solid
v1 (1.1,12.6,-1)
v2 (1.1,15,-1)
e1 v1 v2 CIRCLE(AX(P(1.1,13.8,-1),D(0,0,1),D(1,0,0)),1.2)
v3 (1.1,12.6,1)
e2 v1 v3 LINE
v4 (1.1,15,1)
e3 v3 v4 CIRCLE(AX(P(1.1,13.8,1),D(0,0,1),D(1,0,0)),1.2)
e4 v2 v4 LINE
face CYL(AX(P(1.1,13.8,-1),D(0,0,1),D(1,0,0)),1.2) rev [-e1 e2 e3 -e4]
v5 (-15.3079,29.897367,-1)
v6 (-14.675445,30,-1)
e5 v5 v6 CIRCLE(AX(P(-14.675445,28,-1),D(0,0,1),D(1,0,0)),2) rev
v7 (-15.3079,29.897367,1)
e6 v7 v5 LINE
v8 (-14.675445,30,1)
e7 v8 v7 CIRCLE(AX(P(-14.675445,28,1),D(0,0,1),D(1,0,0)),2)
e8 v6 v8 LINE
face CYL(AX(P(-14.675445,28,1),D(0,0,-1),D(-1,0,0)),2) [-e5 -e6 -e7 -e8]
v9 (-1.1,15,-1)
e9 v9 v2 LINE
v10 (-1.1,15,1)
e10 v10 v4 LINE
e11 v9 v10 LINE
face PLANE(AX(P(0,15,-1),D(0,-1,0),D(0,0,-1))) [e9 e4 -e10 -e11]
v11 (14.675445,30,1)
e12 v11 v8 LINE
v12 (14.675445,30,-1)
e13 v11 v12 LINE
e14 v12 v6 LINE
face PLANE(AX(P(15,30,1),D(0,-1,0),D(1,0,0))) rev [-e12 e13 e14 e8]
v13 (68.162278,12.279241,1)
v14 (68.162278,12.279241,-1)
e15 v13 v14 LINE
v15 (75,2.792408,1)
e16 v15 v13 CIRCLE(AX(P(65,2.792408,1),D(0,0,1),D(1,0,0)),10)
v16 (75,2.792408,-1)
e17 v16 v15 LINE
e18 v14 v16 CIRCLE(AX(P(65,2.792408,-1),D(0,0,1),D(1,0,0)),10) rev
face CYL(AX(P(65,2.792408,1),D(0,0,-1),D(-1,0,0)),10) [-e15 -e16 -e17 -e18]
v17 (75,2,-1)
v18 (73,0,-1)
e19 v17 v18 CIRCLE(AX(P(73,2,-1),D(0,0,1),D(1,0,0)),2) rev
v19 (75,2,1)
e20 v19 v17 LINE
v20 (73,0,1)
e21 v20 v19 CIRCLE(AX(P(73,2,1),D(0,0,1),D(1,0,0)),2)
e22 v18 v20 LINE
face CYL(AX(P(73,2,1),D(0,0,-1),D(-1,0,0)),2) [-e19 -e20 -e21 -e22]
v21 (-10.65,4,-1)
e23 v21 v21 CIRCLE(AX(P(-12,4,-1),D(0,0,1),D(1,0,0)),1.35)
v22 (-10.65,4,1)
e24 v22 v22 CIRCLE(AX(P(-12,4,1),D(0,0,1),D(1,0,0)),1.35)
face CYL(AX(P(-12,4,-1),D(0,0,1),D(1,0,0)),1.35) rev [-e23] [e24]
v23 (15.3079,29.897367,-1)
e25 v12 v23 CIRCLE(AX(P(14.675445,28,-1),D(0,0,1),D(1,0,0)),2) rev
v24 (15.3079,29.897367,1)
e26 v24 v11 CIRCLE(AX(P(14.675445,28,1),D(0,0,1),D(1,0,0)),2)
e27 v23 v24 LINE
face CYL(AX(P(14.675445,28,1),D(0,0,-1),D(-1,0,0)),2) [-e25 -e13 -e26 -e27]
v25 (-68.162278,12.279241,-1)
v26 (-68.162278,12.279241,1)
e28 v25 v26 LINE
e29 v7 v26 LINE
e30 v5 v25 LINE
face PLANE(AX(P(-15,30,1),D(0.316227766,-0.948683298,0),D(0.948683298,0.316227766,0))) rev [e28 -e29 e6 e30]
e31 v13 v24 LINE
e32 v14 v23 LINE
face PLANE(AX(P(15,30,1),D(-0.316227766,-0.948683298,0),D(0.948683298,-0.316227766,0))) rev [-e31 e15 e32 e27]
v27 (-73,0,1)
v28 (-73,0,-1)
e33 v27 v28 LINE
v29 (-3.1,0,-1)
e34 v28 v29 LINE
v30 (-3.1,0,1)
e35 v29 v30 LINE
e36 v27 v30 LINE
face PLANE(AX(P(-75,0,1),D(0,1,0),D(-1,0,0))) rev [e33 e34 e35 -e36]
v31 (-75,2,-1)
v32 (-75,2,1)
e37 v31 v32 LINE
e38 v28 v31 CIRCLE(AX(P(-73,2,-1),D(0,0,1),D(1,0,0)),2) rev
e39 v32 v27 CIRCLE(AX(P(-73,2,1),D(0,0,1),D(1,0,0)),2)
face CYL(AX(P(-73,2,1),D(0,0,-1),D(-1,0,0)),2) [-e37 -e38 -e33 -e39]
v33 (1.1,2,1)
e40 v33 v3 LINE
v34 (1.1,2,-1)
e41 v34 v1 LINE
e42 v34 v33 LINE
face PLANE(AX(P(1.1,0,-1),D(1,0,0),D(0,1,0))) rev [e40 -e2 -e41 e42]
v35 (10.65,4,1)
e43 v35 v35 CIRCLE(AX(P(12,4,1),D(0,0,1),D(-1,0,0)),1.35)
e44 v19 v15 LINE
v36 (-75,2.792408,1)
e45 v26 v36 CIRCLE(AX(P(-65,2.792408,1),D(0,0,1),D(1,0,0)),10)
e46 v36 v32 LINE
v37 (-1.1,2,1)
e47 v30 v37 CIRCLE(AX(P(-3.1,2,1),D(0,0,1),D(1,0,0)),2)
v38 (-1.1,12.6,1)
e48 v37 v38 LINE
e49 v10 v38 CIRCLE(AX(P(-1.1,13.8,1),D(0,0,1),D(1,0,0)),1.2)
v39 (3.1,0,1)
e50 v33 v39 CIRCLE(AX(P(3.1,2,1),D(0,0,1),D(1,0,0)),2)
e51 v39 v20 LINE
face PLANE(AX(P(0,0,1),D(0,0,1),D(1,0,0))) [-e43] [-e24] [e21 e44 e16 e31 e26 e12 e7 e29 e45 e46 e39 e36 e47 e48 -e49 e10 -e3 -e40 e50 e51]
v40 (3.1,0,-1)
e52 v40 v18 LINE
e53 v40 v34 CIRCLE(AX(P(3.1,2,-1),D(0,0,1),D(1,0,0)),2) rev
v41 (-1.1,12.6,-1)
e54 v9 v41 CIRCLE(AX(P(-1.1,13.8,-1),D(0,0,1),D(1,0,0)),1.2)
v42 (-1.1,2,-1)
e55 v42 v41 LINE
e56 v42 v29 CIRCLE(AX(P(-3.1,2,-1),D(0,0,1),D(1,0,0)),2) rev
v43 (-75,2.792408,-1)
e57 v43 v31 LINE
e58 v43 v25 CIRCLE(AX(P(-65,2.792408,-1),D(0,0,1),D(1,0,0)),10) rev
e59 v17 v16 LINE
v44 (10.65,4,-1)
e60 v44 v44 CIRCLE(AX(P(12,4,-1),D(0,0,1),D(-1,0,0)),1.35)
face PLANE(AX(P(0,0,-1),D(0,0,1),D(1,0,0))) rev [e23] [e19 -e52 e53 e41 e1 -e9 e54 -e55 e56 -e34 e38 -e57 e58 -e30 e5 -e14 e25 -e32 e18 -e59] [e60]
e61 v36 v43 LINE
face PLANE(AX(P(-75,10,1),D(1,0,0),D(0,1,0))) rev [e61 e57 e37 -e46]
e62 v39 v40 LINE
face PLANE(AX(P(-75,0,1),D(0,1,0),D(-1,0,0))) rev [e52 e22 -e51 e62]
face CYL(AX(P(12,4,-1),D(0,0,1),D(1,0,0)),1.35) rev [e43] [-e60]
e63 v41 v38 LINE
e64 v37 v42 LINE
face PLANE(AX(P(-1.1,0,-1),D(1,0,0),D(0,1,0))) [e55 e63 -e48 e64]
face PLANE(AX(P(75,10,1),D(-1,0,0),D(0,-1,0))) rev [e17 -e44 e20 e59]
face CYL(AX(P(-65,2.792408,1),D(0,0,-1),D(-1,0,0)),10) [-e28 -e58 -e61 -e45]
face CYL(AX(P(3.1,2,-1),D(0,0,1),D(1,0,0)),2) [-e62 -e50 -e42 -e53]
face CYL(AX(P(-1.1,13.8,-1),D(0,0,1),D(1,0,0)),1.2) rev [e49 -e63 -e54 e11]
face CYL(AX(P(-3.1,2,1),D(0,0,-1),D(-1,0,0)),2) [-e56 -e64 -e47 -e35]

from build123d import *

# Parameters (mm, degrees)
EXTRUDE_1_DEPTH     = 1
CUT_EXTRUDE_1_DEPTH = 81.802227692
SKETCH_4_R          = 1.35
CUT_EXTRUDE_3_DEPTH = 81.802227692
FILLET_1_R          = 10
FILLET_2_R          = 2


with BuildPart() as part:
    # 草图1 → 凸台-拉伸1 (new, symmetric)
    with BuildSketch(Plane.XY):
        Polygon((15, 30), (-15, 30), (-75, 10), (-75, 0), (75, 0), (75, 10), align=None)
    extrude(amount=EXTRUDE_1_DEPTH, both=True)

    # 草图2 → 切除-拉伸1 (cut, through all)
    with BuildSketch(Plane.XY.offset(1)):
        with BuildLine():
            Line((1.1, 15), (-1.1, 15))
            ThreePointArc((-1.1, 15), (-2.3, 13.8), (-1.1, 12.6))
            Line((-1.1, 12.6), (-1.1, 0))
            Line((-1.1, 0), (1.1, 0))
            Line((1.1, 0), (1.1, 12.6))
            ThreePointArc((1.1, 12.6), (2.3, 13.8), (1.1, 15))
        make_face()
    extrude(amount=-CUT_EXTRUDE_1_DEPTH, mode=Mode.SUBTRACT)

    # 草图4 → 切除-拉伸3 (cut, through all)
    with BuildSketch(Plane.XY.offset(1)):
        with Locations((-12, 4)):
            Circle(SKETCH_4_R)
        with Locations((12, 4)):
            Circle(SKETCH_4_R)
    extrude(amount=-CUT_EXTRUDE_3_DEPTH, mode=Mode.SUBTRACT)

    # 圆角1
    fillet_1_edges = [part.edges().sort_by_distance(p)[0] for p in [
        (-75, 10, 0),
        (75, 10, 0),
    ]]
    fillet(fillet_1_edges, radius=FILLET_1_R)

    # 圆角2
    fillet_2_edges = [part.edges().sort_by_distance(p)[0] for p in [
        (15, 30, 0),
        (-15, 30, 0),
        (75, 0, 0),
        (-75, 0, 0),
        (1.1, 0, 0),
        (-1.1, 0, 0),
    ]]
    fillet(fillet_2_edges, radius=FILLET_2_R)


solid = part.part
